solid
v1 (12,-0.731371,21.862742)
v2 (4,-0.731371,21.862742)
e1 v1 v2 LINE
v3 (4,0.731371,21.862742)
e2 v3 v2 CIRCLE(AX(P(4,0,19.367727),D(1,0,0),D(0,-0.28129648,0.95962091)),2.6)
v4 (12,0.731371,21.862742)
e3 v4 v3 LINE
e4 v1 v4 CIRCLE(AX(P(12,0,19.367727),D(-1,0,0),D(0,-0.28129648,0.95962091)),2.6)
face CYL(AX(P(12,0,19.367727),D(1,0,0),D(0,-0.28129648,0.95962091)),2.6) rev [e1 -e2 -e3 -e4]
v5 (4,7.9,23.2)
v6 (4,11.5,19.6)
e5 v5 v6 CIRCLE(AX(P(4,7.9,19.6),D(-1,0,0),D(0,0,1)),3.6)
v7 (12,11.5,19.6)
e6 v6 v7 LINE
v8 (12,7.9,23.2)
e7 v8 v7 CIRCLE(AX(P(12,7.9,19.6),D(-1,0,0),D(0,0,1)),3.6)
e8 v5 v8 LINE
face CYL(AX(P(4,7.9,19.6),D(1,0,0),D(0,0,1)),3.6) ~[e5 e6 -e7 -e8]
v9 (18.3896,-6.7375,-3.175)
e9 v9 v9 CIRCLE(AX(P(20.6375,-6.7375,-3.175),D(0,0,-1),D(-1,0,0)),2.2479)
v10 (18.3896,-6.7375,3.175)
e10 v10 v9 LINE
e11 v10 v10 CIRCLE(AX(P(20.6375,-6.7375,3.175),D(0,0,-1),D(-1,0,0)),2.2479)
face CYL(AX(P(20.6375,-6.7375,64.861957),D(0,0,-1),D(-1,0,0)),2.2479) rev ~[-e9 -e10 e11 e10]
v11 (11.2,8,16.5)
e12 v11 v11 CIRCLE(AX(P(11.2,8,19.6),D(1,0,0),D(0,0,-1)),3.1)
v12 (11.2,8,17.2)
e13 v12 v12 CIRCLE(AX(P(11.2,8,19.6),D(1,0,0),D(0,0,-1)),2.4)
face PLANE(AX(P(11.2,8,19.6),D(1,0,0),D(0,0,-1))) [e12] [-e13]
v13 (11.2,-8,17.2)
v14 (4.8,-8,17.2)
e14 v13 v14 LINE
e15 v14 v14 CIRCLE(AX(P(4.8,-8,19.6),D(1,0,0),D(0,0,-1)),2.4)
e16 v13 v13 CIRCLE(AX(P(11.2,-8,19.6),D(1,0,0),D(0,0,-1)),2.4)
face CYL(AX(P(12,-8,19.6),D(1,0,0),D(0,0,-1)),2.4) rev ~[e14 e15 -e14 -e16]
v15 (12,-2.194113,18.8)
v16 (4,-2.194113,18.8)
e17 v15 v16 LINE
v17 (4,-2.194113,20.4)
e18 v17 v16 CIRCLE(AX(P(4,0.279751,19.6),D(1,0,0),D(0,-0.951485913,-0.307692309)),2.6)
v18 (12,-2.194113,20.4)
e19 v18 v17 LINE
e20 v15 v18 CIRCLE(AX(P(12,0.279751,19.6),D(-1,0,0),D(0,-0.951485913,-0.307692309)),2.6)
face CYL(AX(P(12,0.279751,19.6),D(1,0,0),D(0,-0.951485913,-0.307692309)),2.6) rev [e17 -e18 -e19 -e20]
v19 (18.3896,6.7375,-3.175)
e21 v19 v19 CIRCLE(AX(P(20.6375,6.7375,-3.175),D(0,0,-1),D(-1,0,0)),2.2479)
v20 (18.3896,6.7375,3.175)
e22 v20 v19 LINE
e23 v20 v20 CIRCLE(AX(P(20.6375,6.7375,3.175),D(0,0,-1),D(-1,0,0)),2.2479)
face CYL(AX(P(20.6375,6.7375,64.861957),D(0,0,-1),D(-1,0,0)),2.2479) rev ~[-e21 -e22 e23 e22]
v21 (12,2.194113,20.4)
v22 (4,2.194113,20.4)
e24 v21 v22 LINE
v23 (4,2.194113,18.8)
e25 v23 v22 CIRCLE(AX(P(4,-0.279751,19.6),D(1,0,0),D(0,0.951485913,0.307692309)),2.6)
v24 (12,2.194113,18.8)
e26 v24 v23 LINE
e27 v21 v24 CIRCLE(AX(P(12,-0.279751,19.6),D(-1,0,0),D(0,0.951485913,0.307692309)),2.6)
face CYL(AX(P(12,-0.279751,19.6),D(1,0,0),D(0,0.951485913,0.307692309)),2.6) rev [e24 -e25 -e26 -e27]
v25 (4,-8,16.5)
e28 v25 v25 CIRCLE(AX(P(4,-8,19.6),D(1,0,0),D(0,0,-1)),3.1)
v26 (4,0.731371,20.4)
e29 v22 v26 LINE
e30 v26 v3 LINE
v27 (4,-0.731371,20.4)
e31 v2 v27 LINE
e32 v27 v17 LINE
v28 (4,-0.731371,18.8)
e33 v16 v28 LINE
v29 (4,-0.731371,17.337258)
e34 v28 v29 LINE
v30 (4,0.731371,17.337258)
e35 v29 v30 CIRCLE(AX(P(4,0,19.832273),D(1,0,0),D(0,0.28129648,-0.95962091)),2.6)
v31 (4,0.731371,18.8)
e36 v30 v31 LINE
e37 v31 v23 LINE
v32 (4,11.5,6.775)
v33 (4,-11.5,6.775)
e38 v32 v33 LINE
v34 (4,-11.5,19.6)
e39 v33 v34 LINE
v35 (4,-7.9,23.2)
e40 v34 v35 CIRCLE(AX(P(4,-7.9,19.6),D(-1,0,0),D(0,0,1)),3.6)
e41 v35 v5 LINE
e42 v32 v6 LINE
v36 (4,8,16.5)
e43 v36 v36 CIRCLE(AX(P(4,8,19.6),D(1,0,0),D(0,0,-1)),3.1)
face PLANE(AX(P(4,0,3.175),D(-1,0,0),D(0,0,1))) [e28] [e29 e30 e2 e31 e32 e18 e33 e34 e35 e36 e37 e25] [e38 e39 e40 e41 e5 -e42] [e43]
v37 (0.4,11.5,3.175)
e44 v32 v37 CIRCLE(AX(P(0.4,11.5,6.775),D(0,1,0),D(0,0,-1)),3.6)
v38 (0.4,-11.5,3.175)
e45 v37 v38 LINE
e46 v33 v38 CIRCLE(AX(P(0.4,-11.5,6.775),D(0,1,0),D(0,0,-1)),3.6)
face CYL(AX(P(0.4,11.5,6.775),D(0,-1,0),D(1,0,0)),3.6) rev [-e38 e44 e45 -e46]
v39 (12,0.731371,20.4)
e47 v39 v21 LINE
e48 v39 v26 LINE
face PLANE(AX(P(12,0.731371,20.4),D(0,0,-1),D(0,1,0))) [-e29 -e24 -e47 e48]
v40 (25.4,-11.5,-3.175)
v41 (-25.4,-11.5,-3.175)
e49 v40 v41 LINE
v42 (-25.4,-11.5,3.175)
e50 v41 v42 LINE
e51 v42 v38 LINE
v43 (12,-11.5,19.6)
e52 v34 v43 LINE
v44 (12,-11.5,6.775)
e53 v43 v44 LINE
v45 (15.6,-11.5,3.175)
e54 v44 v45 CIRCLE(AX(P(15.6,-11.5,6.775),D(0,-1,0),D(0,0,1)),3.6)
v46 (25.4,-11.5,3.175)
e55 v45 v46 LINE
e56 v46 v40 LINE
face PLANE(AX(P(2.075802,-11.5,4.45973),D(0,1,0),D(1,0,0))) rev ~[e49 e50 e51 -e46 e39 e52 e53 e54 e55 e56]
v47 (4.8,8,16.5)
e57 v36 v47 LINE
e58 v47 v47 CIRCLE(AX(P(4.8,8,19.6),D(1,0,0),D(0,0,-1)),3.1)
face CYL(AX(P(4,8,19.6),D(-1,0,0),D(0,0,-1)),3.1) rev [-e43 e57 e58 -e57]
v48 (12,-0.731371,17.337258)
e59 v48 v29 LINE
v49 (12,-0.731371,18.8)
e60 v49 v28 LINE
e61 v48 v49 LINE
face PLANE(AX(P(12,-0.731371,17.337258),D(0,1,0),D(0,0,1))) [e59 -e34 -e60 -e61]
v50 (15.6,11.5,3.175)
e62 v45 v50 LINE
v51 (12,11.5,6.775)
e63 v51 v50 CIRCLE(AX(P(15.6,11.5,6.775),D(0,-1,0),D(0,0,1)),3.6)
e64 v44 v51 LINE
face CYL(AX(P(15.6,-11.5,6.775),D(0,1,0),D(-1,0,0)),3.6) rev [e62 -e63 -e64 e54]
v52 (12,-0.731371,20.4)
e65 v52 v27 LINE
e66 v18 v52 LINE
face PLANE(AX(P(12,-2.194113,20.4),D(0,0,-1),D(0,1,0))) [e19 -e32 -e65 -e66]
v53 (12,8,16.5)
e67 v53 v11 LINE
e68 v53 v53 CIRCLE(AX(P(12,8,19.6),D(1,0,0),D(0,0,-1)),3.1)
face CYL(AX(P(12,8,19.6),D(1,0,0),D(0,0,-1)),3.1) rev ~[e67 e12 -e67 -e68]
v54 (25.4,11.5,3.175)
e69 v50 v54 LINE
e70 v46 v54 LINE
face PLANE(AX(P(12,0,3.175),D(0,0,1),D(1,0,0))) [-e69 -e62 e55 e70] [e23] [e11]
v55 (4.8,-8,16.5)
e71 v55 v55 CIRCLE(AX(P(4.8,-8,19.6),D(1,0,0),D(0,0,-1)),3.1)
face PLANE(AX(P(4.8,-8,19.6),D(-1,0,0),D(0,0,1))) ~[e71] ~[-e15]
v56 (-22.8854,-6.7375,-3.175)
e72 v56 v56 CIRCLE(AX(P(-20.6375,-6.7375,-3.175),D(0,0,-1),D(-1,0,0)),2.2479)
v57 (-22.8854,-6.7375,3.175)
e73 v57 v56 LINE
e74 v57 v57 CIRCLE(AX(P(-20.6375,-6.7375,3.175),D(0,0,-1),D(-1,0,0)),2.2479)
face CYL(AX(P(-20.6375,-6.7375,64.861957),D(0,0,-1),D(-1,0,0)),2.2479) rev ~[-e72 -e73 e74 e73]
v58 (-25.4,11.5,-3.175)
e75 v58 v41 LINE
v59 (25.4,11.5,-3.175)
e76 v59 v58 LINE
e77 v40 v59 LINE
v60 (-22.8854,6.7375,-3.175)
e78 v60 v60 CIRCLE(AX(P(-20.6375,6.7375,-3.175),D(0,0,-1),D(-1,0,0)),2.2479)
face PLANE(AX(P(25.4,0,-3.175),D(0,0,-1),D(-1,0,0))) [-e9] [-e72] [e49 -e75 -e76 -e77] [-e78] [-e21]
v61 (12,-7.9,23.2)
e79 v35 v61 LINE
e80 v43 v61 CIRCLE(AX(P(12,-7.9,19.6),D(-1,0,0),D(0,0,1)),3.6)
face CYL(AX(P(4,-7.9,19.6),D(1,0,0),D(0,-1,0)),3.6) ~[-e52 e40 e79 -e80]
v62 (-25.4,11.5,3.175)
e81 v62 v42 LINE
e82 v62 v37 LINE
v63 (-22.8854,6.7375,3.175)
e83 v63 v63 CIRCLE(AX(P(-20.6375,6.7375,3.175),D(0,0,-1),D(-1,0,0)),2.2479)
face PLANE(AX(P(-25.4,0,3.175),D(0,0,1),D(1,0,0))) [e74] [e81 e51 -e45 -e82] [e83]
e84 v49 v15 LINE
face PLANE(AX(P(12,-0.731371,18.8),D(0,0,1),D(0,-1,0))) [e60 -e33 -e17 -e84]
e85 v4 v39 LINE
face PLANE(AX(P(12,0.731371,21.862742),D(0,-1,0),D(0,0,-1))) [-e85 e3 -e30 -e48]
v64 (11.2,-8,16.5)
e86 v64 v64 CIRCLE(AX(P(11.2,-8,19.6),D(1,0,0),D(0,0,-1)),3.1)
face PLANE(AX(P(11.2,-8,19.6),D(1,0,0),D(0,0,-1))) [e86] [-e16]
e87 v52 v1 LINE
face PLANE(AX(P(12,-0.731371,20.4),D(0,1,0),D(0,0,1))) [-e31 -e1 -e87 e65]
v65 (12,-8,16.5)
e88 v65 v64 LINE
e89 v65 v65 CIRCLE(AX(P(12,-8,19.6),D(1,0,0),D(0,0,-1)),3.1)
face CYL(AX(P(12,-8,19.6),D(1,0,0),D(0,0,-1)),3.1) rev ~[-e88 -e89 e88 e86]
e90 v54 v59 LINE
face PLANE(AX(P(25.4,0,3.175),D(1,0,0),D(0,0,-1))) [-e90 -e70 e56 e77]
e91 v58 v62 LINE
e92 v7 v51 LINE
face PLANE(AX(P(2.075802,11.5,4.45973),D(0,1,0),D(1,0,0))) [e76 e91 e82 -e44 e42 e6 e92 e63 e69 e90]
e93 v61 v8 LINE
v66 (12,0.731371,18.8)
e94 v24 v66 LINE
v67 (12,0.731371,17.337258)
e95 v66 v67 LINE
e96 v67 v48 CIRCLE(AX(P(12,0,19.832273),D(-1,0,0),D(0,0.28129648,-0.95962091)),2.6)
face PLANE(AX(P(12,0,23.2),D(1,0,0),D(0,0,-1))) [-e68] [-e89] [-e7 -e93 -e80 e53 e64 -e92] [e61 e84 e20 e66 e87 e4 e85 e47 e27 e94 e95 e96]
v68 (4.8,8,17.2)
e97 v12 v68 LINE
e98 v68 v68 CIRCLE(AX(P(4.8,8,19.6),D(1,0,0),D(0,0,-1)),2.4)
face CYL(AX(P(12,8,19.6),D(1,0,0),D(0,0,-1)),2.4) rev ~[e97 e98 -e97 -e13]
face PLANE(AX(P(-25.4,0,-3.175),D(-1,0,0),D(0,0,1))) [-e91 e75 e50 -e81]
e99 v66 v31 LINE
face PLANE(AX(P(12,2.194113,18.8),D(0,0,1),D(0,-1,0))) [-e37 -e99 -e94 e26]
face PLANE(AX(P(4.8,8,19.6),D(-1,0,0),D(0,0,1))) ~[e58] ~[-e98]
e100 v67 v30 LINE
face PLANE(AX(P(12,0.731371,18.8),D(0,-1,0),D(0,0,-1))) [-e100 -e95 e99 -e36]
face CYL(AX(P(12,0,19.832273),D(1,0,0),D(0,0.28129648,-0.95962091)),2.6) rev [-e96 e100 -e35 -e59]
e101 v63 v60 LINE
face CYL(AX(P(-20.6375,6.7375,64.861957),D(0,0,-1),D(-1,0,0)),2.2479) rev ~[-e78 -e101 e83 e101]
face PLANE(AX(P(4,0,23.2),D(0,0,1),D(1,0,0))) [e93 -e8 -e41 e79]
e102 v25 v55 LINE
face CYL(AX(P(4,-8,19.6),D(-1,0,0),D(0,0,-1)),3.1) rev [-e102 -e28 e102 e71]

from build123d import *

# Parameters (mm, degrees)
BOSS_EXTRUDE1_DEPTH   = 11.5
SKETCH3_R             = 2.4
CUT_EXTRUDE1_DEPTH    = 46.489009619
SKETCH3_3_R           = 3.1
SKETCH3_3_R_2         = 2.4
CUT_EXTRUDE2_DEPTH    = 0.8
FILLET1_R             = 3.6
F_8_CLEARANCE_HOLE1_D = 4.4958


with BuildPart() as part:
    # Sketch2 → Boss-Extrude1 (new, symmetric)
    with BuildSketch(Plane(origin=(0, 0, 0), x_dir=(1, 0, 0), z_dir=(0, 1, 0))):
        Polygon((4, -3.175), (4, -19.599999916), (4, -23.199999916), (12, -23.199999916), (12, -19.599999916), (12, -3.175), (25.4, -3.175), (25.4, 3.175), (-25.4, 3.175), (-25.4, -3.175), align=None)
    extrude(amount=BOSS_EXTRUDE1_DEPTH, both=True)

    # Sketch3 → Cut-Extrude1 (cut, through all)
    with BuildSketch(Plane(origin=(12, 0, 0), x_dir=(0, 0, -1), z_dir=(1, 0, 0))):
        with BuildLine():
            Line((-20.399999916, 2.19411255), (-20.399999916, 0.73137085))
            Line((-20.399999916, 0.73137085), (-21.862741616, 0.73137085))
            ThreePointArc((-21.862741616, 0.73137085), (-21.967727251, 0), (-21.862741616, -0.73137085))
            Line((-21.862741616, -0.73137085), (-20.399999916, -0.73137085))
            Line((-20.399999916, -0.73137085), (-20.399999916, -2.19411255))
            ThreePointArc((-20.399999916, -2.19411255), (-19.599999916, -2.320249175), (-18.799999916, -2.19411255))
            Line((-18.799999916, -2.19411255), (-18.799999916, -0.73137085))
            Line((-18.799999916, -0.73137085), (-17.337258216, -0.73137085))
            ThreePointArc((-17.337258216, -0.73137085), (-17.232272581, 0), (-17.337258216, 0.73137085))
            Line((-17.337258216, 0.73137085), (-18.799999916, 0.73137085))
            Line((-18.799999916, 0.73137085), (-18.799999916, 2.19411255))
            ThreePointArc((-18.799999916, 2.19411255), (-19.599999916, 2.320249175), (-20.399999916, 2.19411255))
        make_face()
        with Locations((-19.599999916, 8)):
            Circle(SKETCH3_R)
        with Locations((-19.599999916, -8)):
            Circle(SKETCH3_R)
    extrude(amount=-CUT_EXTRUDE1_DEPTH, mode=Mode.SUBTRACT)

    # Sketch3<3> → Cut-Extrude2 (cut)
    # profile 1 of 2: a face of its own
    with BuildSketch(Plane(origin=(12, 0, 0), x_dir=(0, 0, -1), z_dir=(1, 0, 0))):
        with Locations((-19.599999916, 8)):
            Circle(SKETCH3_3_R)
        with Locations((-19.599999916, 8)):
            Circle(SKETCH3_3_R_2, mode=Mode.SUBTRACT)
    # profile 2 of 2: a face of its own
    with BuildSketch(Plane(origin=(12, 0, 0), x_dir=(0, 0, -1), z_dir=(1, 0, 0))):
        with Locations((-19.599999916, -8)):
            Circle(SKETCH3_3_R)
        with Locations((-19.599999916, -8)):
            Circle(SKETCH3_3_R_2, mode=Mode.SUBTRACT)
    cut_extrude2 = extrude(amount=-CUT_EXTRUDE2_DEPTH, mode=Mode.SUBTRACT)

    # Mirror1: Cut-Extrude2 across plane
    add(cut_extrude2.mirror(Plane(origin=(8, 0, 0), x_dir=(0, 0, 1), z_dir=(1, 0, 0))), mode=Mode.SUBTRACT)

    # Fillet1
    fillet1_edges = [part.edges().sort_by_distance(p)[0] for p in [
        (8, -11.5, 23.199999916),
        (8, 11.5, 23.199999916),
        (4, 0, 3.175),
        (12, 0, 3.175),
    ]]
    fillet(fillet1_edges, radius=FILLET1_R)

    # #8 Clearance Hole1 (through all)
    with Locations(Plane.XY.offset(3.175)):
        with Locations((-20.6375, 6.7375), (-20.6375, -6.7375), (20.6375, -6.7375), (20.6375, 6.7375)):
            Hole(F_8_CLEARANCE_HOLE1_D / 2)


solid = part.part
